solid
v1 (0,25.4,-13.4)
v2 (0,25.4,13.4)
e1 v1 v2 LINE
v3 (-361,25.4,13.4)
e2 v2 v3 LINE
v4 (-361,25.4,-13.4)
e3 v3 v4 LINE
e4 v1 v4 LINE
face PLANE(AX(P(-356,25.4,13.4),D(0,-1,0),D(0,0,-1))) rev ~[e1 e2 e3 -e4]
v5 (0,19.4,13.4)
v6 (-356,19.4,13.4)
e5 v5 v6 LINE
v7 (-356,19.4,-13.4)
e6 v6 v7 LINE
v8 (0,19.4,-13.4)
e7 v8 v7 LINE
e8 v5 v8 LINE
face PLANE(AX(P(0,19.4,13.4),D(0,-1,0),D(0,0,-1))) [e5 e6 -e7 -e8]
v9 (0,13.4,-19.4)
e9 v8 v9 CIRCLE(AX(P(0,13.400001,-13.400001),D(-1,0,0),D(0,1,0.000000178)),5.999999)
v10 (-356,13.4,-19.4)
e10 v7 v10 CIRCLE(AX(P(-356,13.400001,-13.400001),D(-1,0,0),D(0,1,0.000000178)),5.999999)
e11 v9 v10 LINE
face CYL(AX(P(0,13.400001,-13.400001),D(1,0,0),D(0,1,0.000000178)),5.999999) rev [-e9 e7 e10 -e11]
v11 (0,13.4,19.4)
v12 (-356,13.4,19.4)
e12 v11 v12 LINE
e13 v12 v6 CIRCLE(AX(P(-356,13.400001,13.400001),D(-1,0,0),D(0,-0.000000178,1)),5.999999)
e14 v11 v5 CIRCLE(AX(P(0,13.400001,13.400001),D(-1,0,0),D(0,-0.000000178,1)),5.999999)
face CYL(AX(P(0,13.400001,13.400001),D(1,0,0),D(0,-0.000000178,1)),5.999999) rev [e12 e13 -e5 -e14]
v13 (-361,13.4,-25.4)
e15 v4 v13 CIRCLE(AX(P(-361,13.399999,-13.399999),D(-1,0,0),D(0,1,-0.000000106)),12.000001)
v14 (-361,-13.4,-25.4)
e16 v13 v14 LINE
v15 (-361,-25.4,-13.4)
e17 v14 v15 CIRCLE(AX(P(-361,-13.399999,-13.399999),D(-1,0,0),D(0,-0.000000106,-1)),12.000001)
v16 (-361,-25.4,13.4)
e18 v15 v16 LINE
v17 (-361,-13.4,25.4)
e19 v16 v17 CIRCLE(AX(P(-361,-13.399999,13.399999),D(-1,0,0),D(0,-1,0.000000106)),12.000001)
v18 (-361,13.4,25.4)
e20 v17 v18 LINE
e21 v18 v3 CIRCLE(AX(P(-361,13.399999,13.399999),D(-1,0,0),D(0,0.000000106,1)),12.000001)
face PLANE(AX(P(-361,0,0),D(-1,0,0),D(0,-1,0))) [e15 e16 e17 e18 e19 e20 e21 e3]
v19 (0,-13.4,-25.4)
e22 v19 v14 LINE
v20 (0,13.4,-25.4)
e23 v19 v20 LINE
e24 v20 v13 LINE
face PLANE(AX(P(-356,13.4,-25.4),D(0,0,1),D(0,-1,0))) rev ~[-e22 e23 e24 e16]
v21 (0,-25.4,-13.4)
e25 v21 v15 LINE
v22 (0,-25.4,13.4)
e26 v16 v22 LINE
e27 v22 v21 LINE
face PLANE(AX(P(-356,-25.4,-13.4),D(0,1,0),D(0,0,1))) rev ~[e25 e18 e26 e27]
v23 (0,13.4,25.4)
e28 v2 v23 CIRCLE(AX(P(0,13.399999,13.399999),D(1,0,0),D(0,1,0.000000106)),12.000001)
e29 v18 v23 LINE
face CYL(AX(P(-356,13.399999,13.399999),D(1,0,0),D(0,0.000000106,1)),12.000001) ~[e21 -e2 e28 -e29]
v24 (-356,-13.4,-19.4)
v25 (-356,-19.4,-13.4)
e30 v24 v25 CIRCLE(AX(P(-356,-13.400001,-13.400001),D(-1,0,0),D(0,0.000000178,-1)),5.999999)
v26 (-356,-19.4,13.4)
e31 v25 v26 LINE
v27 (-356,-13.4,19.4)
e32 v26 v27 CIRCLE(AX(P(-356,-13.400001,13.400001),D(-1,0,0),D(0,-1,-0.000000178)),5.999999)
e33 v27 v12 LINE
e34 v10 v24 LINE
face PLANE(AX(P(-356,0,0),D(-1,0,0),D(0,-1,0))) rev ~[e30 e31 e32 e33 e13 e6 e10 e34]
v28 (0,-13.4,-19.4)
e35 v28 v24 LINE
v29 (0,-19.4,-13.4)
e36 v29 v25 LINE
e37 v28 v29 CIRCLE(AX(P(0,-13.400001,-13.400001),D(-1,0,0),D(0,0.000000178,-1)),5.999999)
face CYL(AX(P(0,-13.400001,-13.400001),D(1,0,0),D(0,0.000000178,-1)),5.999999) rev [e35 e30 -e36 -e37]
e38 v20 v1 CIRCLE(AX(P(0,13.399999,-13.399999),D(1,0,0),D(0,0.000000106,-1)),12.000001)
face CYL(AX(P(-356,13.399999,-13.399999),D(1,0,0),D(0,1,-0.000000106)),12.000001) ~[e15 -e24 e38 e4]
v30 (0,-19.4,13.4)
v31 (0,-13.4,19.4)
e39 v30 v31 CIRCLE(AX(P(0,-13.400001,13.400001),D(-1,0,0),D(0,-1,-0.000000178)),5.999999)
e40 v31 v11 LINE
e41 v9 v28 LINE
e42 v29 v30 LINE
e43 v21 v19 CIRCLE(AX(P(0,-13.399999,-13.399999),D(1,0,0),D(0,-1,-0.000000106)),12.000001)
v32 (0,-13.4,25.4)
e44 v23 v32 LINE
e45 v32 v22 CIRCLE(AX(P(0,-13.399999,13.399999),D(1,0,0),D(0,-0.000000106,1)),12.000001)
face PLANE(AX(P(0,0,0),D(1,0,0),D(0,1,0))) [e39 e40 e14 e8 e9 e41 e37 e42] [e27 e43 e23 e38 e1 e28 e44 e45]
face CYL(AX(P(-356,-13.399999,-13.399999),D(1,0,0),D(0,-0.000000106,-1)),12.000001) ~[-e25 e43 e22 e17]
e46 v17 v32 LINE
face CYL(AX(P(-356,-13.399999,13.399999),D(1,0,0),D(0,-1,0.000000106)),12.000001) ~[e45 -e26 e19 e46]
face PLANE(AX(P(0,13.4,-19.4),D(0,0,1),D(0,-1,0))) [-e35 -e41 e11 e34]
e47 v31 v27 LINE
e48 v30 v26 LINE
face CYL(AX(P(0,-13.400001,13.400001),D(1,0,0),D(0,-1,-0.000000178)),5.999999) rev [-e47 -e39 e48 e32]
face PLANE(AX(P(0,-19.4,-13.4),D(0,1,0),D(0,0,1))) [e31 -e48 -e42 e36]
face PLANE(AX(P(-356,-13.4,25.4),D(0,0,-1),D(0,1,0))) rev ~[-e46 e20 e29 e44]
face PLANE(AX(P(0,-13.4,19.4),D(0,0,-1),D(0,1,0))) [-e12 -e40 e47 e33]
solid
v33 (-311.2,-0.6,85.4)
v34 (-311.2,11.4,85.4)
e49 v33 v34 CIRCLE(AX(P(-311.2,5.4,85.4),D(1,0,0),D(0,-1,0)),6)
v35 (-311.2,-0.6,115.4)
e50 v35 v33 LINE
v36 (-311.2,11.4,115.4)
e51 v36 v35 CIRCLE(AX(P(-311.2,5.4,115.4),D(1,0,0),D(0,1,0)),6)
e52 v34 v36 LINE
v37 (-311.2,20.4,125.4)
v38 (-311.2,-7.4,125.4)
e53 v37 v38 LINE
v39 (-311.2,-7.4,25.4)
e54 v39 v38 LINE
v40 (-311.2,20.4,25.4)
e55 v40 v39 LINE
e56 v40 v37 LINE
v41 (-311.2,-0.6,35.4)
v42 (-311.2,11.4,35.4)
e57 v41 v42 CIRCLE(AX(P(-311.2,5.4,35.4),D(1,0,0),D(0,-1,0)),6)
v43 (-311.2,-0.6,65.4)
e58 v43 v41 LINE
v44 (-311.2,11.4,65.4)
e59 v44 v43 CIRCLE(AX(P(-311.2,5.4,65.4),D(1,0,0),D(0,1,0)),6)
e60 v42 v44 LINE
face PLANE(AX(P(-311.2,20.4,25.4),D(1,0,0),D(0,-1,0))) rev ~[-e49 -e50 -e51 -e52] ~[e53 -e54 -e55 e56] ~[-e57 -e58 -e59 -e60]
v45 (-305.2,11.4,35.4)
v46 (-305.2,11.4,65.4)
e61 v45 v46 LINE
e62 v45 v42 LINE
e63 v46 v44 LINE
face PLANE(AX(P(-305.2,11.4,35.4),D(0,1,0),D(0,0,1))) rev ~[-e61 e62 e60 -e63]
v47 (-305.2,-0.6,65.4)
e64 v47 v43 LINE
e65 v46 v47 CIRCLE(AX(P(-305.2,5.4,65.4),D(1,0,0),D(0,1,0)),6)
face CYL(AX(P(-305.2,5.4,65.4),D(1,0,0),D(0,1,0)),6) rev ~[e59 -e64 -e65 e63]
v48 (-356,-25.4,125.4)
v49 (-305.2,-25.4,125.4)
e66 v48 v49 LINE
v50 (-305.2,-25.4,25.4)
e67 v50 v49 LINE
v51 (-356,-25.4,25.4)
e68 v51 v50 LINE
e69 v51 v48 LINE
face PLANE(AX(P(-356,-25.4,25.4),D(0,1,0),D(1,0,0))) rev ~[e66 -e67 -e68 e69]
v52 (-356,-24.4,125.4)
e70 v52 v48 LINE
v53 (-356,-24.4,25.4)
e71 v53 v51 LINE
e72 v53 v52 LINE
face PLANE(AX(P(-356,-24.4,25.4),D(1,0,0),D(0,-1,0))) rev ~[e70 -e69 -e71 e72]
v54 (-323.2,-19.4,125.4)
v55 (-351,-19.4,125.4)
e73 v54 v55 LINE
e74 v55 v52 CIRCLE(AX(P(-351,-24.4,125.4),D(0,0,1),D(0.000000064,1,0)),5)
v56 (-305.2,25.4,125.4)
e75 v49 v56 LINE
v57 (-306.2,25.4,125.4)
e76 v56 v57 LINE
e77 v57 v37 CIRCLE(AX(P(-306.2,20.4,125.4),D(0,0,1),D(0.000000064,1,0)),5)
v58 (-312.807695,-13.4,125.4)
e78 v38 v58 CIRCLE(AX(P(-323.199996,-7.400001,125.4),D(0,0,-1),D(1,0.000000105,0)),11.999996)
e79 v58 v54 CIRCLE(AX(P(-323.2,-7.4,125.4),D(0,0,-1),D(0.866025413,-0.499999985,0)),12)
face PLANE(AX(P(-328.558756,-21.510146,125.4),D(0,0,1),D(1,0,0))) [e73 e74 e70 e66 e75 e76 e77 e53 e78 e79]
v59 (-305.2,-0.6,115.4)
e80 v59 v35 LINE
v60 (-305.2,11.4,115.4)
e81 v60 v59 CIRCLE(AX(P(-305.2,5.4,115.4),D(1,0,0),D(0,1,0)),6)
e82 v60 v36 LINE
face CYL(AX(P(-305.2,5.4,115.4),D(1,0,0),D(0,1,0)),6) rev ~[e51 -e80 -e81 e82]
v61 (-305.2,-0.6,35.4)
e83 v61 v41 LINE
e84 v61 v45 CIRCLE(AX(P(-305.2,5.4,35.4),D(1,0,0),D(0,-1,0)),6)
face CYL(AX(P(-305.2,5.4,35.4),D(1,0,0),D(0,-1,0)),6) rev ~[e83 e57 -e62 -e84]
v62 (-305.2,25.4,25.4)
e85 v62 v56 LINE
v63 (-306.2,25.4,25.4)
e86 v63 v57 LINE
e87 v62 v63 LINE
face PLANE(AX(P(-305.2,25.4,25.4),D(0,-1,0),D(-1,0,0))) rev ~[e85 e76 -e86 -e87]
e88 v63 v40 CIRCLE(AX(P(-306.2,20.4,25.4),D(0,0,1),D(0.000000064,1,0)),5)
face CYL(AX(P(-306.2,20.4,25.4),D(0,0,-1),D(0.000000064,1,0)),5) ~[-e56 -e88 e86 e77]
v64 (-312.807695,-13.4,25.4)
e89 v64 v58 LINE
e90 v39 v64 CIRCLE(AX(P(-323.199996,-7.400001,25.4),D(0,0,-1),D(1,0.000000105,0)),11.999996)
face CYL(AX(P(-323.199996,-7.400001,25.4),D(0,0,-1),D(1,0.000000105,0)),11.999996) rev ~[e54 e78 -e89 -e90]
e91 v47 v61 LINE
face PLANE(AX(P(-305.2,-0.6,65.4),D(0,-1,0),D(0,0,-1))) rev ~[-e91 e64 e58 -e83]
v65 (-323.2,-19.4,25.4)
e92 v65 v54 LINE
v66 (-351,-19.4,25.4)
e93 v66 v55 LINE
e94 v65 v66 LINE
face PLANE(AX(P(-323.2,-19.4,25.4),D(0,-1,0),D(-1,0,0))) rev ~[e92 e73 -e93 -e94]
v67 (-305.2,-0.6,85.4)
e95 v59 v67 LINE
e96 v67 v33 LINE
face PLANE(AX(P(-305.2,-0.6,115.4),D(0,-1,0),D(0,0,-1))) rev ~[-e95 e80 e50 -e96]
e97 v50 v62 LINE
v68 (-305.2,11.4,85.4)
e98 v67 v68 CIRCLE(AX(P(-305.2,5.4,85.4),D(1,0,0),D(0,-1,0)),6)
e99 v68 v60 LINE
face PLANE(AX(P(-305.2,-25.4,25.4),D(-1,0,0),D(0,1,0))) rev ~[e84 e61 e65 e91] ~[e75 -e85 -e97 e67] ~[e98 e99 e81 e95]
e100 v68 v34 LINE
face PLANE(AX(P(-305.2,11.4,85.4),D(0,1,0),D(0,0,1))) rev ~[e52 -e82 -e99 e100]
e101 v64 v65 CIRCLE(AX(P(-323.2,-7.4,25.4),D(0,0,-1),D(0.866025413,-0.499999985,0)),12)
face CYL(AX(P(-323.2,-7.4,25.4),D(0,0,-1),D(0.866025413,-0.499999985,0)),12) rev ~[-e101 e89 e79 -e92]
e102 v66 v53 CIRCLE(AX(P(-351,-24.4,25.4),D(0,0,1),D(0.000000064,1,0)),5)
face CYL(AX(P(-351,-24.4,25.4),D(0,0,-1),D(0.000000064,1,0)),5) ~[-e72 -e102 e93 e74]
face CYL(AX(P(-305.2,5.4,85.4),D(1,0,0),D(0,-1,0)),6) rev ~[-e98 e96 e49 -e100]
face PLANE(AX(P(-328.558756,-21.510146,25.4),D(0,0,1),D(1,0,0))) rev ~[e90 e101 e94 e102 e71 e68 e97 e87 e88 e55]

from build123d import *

# Parameters (mm, degrees)
F1_DEPTH = 356
F3_DEPTH = 100
F5_DEPTH = 50.801
F7_DEPTH = 5


with BuildPart() as f1:
    # F0 (on Right) → F1 (new body)
    with BuildSketch(Plane.YZ):
        with BuildLine():
            Line((13.4, 25.4), (-13.4, 25.4))
            ThreePointArc((-13.4, 25.4), (-21.885281, 21.885281), (-25.4, 13.4))
            Line((-25.4, 13.4), (-25.4, -13.4))
            ThreePointArc((-25.4, -13.4), (-21.885281, -21.885281), (-13.4, -25.4))
            Line((-13.4, -25.4), (13.4, -25.4))
            ThreePointArc((13.4, -25.4), (21.885281, -21.885281), (25.4, -13.4))
            Line((25.4, -13.4), (25.4, 13.4))
            ThreePointArc((25.4, 13.4), (21.885281, 21.885281), (13.4, 25.4))
        make_face()
        with BuildLine():
            ThreePointArc((-19.4, 13.4), (-17.642641, 17.642641), (-13.4, 19.4))
            Line((-13.4, 19.4), (13.4, 19.4))
            ThreePointArc((13.4, 19.4), (17.642641, 17.642641), (19.4, 13.4))
            Line((19.4, 13.4), (19.4, -13.4))
            ThreePointArc((19.4, -13.4), (17.642641, -17.642641), (13.4, -19.4))
            Line((13.4, -19.4), (-13.4, -19.4))
            ThreePointArc((-13.4, -19.4), (-17.642641, -17.642641), (-19.4, -13.4))
            Line((-19.4, -13.4), (-19.4, 13.4))
        make_face(mode=Mode.SUBTRACT)
    extrude(amount=-F1_DEPTH)

    # F6 (on face) → F7 (join)
    with BuildSketch(Plane(origin=(-356, 0, 0), x_dir=(0, -1, 0), z_dir=(-1, 0, 0))):
        with BuildLine():
            ThreePointArc((-13.4, 25.4), (-21.885281, 21.885281), (-25.4, 13.4))
            Line((-25.4, 13.4), (-25.4, -13.4))
            ThreePointArc((-25.4, -13.4), (-21.885281, -21.885281), (-13.4, -25.4))
            Line((-13.4, -25.4), (13.4, -25.4))
            ThreePointArc((13.4, -25.4), (21.885281, -21.885281), (25.4, -13.4))
            Line((25.4, -13.4), (25.4, 13.4))
            ThreePointArc((25.4, 13.4), (21.885281, 21.885281), (13.4, 25.4))
            Line((13.4, 25.4), (-13.4, 25.4))
        make_face()
    extrude(amount=F7_DEPTH)


with BuildPart() as f3:
    # F2 (on face) → F3 (new body)
    with BuildSketch(Plane.XY.offset(25.4)):
        with BuildLine():
            Line((-356, -25.4), (-305.2, -25.4))
            Line((-305.2, -25.4), (-305.2, -13.4))
            Line((-305.2, -13.4), (-312.807695, -13.4))
            ThreePointArc((-312.807695, -13.4), (-317.2, -17.792305), (-323.2, -19.4))
            Line((-323.2, -19.4), (-351, -19.4))
            ThreePointArc((-351, -19.4), (-354.535534, -20.864466), (-356, -24.4))
            Line((-356, -24.4), (-356, -25.4))
        make_face()
        with BuildLine():
            Line((-312.807695, -13.4), (-305.2, -13.4))
            Line((-305.2, -13.4), (-305.2, 13.4))
            Line((-305.2, 13.4), (-311.2, 13.4))
            Line((-311.2, 13.4), (-311.2, -7.4))
            ThreePointArc((-311.2, -7.4), (-311.60889, -10.505829), (-312.807695, -13.4))
        make_face()
        with BuildLine():
            Line((-311.2, 13.4), (-305.2, 13.4))
            Line((-305.2, 13.4), (-305.2, 25.4))
            Line((-305.2, 25.4), (-306.2, 25.4))
            ThreePointArc((-306.2, 25.4), (-309.735534, 23.935534), (-311.2, 20.4))
            Line((-311.2, 20.4), (-311.2, 13.4))
        make_face()
    extrude(amount=F3_DEPTH)

    # F4 (on face) → F5 (cut, through all)
    with BuildSketch(Plane.YZ.offset(-305.2)):
        with BuildLine():
            ThreePointArc((11.4, 115.4), (5.4, 121.4), (-0.6, 115.4))
            Line((-0.6, 115.4), (-0.6, 85.4))
            ThreePointArc((-0.6, 85.4), (5.4, 79.4), (11.4, 85.4))
            Line((11.4, 85.4), (11.4, 115.4))
        make_face()
        with BuildLine():
            Line((-0.6, 65.4), (-0.6, 35.4))
            ThreePointArc((-0.6, 35.4), (5.4, 29.4), (11.4, 35.4))
            Line((11.4, 35.4), (11.4, 65.4))
            ThreePointArc((11.4, 65.4), (5.4, 71.4), (-0.6, 65.4))
        make_face()
    extrude(amount=-F5_DEPTH, mode=Mode.SUBTRACT)


solid = Compound([f1.part, f3.part])
